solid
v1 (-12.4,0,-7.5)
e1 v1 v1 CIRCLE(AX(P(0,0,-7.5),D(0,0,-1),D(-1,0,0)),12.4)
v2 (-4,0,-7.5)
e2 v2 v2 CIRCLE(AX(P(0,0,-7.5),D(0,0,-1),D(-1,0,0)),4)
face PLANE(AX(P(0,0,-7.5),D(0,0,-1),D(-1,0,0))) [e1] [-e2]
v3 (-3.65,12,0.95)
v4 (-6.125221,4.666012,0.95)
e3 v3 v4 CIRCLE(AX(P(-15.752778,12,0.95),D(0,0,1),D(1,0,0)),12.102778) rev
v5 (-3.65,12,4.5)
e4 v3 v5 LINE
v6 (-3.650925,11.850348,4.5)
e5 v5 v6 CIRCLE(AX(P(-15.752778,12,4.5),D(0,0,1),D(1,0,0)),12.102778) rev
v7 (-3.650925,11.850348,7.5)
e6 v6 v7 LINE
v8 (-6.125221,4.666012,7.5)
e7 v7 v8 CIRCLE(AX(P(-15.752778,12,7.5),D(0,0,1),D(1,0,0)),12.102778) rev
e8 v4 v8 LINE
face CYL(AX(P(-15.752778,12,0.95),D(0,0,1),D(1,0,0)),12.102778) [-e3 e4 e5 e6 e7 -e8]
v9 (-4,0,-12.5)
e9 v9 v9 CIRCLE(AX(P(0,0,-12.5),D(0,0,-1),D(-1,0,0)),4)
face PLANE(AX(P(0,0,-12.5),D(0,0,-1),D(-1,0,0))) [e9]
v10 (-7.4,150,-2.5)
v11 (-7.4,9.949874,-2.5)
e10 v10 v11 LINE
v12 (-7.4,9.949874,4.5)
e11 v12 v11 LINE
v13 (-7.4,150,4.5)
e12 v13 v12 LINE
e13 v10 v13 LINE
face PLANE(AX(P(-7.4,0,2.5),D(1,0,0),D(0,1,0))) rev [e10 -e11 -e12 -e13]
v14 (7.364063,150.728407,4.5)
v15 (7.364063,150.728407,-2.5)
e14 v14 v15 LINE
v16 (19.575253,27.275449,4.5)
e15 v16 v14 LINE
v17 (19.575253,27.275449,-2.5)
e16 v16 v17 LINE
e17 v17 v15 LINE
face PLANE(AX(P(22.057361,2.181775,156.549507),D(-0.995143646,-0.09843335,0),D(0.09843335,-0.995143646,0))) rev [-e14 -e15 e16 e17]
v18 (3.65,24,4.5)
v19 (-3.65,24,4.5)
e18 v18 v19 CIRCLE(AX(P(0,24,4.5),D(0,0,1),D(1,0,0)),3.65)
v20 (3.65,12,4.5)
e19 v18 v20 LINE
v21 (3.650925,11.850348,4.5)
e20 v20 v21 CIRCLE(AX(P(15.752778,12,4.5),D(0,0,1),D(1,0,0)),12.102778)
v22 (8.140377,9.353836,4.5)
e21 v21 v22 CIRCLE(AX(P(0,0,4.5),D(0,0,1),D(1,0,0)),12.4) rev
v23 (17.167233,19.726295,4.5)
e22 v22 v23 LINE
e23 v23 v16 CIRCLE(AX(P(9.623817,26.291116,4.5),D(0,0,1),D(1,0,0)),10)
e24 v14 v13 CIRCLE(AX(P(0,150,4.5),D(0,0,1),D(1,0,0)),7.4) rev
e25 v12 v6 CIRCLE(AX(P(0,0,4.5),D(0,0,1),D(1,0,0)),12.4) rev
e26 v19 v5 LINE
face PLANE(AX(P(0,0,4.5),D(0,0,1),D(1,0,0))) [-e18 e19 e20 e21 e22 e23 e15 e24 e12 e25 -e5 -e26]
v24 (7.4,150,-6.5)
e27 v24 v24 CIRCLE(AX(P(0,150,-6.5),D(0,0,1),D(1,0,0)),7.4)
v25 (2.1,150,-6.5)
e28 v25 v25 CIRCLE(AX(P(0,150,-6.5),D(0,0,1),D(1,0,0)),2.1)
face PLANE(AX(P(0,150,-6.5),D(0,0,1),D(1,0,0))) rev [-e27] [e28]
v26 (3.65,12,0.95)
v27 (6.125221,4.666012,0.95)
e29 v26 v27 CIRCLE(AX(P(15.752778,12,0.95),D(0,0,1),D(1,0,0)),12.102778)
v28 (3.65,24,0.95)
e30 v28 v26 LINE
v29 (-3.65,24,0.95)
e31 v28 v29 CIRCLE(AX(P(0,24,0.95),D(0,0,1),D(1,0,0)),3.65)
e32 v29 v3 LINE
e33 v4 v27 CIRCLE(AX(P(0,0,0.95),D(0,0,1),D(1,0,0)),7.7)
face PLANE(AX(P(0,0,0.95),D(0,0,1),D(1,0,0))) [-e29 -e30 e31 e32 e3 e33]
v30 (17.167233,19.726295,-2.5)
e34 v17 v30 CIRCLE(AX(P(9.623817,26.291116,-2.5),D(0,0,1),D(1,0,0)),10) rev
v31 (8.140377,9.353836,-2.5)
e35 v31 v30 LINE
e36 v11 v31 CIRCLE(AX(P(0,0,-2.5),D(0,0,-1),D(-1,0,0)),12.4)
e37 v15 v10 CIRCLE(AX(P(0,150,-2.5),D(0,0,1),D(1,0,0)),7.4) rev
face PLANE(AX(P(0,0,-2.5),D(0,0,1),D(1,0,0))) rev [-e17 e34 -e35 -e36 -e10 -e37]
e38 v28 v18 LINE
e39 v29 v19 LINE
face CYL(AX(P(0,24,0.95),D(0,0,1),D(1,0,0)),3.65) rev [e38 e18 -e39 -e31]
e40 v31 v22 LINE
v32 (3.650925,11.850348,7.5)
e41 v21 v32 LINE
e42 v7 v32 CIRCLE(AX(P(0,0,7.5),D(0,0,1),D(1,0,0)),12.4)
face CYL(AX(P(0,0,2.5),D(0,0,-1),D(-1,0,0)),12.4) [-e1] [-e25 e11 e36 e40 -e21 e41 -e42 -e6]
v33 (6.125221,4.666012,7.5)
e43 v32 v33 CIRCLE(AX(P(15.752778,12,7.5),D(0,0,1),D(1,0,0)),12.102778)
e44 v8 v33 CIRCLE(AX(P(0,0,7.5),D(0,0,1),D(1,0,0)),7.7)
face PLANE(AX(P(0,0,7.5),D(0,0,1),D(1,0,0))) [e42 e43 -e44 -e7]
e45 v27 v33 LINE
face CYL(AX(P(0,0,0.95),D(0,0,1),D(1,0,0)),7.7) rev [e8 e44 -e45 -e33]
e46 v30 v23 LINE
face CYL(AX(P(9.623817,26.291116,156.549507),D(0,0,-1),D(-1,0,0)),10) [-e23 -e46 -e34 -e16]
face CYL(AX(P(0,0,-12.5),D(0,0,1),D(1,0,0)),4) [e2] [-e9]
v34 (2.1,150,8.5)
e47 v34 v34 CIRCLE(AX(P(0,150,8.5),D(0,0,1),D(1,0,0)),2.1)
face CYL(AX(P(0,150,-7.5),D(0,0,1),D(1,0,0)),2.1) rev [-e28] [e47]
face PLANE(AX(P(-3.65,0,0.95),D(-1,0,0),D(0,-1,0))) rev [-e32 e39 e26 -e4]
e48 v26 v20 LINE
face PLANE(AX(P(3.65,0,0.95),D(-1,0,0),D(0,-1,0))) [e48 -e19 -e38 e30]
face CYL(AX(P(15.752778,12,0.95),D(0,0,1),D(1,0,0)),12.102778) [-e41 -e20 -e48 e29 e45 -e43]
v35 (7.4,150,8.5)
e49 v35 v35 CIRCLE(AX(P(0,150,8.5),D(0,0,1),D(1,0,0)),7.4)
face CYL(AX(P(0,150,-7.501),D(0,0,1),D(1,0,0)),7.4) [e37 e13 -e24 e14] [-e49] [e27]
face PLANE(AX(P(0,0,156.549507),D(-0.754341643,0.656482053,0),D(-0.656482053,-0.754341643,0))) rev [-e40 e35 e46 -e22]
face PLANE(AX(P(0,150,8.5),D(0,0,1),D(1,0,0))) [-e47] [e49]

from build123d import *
from build123d.topology import SkipClean

# Parameters (mm, degrees)
BOSS_EXTRUDE3_DEPTH     = 2.5
SKETCH3_R               = 12.4
BOSS_EXTRUDE5_DEPTH     = 5
BOSS_EXTRUDE8_START     = 5
SKETCH5_R               = 12.4
BOSS_EXTRUDE8_DEPTH     = 5
BOSS_EXTRUDE11_START    = 2
BOSS_EXTRUDE11_DEPTH    = 2
CUT_EXTRUDE3_DEPTH      = 4.5
CUT_EXTRUDE3_DEPTH_BACK = 2.5
BOSS_EXTRUDE12_START    = -7
BOSS_EXTRUDE12_DEPTH    = 7
FILLET1_R               = 10
SKETCH11_R              = 7.4
BOSS_EXTRUDE13_DEPTH    = 7.5
CUT_EXTRUDE6_DEPTH      = 6.55
SKETCH13_R              = 2.1
CUT_EXTRUDE7_DEPTH      = 160.423505726
SKETCH14_R              = 4
BOSS_EXTRUDE15_DEPTH    = 5


with BuildPart() as part:
    # Sketch1 → Boss-Extrude3 (new, symmetric)
    with BuildSketch(Plane.XY):
        with BuildLine():
            Line((7.4, 140.050125629), (7.4, 9.949874371))
            ThreePointArc((7.4, 9.949874371), (0, -12.4), (-7.4, 9.949874371))
            Line((-7.4, 9.949874371), (-7.4, 140.050125629))
            ThreePointArc((-7.4, 140.050125629), (0, 162.4), (7.4, 140.050125629))
        make_face()
    extrude(amount=BOSS_EXTRUDE3_DEPTH, both=True)

    # Sketch3 → Boss-Extrude5 (add)
    with BuildSketch(Plane(origin=(0, 0, -2.5), x_dir=(-1, 0, 0), z_dir=(0, 0, -1))):
        Circle(SKETCH3_R)
    extrude(amount=BOSS_EXTRUDE5_DEPTH)

    # Sketch5 → Boss-Extrude8 (add)
    with SkipClean():  # the faces are left unmerged after this step: merging them gives an invalid solid
        with BuildSketch(Plane.XY.offset(2.5).offset(BOSS_EXTRUDE8_START)):
            with Locations(Location((0, 0, 0), (0, 0, 180))):
                Circle(SKETCH5_R)
        extrude(amount=-BOSS_EXTRUDE8_DEPTH)

    # Sketch6 → Boss-Extrude11 (add)
    with SkipClean():  # the faces are left unmerged after this step: merging them gives an invalid solid
        with BuildSketch(Plane.XY.offset(2.5).offset(BOSS_EXTRUDE11_START)):
            with BuildLine():
                Line((7.4, 9.949874371), (7.4, 140.050125629))
                ThreePointArc((7.4, 140.050125629), (0, 137.6), (-7.4, 140.050125629))
                Line((-7.4, 140.050125629), (-7.4, 9.949874371))
                ThreePointArc((-7.4, 9.949874371), (0, 12.4), (7.4, 9.949874371))
            make_face()
            with BuildLine():
                ThreePointArc((-7.4, 140.050125629), (0, 137.6), (7.4, 140.050125629))
                ThreePointArc((7.4, 140.050125629), (11.079711188, 144.432235637), (12.4, 150))
                ThreePointArc((12.4, 150), (-5.567764363, 161.079711188), (-7.4, 140.050125629))
            make_face()
        extrude(amount=-BOSS_EXTRUDE11_DEPTH)

    # Sketch7 → Cut-Extrude3 (cut, two sides: drawn at the far end of the back side and taken through both)
    with SkipClean():  # the faces are left unmerged after this step: merging them gives an invalid solid
        with BuildSketch(Plane.XY.offset(-CUT_EXTRUDE3_DEPTH_BACK)):
            with BuildLine():
                ThreePointArc((-7.4, 140.050125629), (0, 162.4), (7.4, 140.050125629))
                Line((7.4, 140.050125629), (7.4, 134.868658063))
                Line((7.4, 134.868658063), (31.123214722, 134.868658063))
                Line((31.123214722, 134.868658063), (31.123214722, 164.335219314))
                Line((31.123214722, 164.335219314), (-28.315462738, 164.335219314))
                Line((-28.315462738, 164.335219314), (-28.315462738, 134.868658063))
                Line((-28.315462738, 134.868658063), (-7.4, 134.868658063))
                Line((-7.4, 134.868658063), (-7.4, 140.050125629))
            make_face()
            with BuildLine():
                Line((7.4, 150), (7.4, 140.050125629))
                ThreePointArc((7.4, 140.050125629), (0, 162.4), (-7.4, 140.050125629))
                Line((-7.4, 140.050125629), (-7.4, 150))
                ThreePointArc((-7.4, 150), (0, 157.4), (7.4, 150))
            make_face()
        extrude(amount=CUT_EXTRUDE3_DEPTH + CUT_EXTRUDE3_DEPTH_BACK, mode=Mode.SUBTRACT)

    # Sketch10 → Boss-Extrude12 (add)
    with SkipClean():  # the faces are left unmerged after this step: merging them gives an invalid solid
        with BuildSketch(Plane(origin=(0, 0, -2.5), x_dir=(-1, 0, 0), z_dir=(0, 0, -1)).offset(BOSS_EXTRUDE12_START)):
            with BuildLine():
                Line((-20, 22.981333294), (0, 0))
                Line((0, 0), (0, 12.4))
                ThreePointArc((0, 12.4), (-3.897534977, 11.771542851), (-7.4, 9.949874371))
                Line((-7.4, 9.949874371), (-7.4, 150))
                ThreePointArc((-7.4, 150), (-7.391010284, 150.364646378), (-7.364062978, 150.728406792))
                Line((-7.364062978, 150.728406792), (-20, 22.981333294))
            make_face()
        extrude(amount=BOSS_EXTRUDE12_DEPTH)

    # Fillet1
    fillet1_edges = [part.edges().sort_by_distance(p)[0] for p in [
        (20, 22.981333294, 1),
    ]]
    fillet(fillet1_edges, radius=FILLET1_R)

    # Sketch11 → Boss-Extrude13 (add, symmetric)
    with SkipClean():  # the faces are left unmerged after this step: merging them gives an invalid solid
        with BuildSketch(Plane.XY.offset(1)):
            with Locations((0, 150)):
                Circle(SKETCH11_R)
        extrude(amount=BOSS_EXTRUDE13_DEPTH, both=True)

    # Sketch12 → Cut-Extrude6 (cut)
    with SkipClean():  # the faces are left unmerged after this step: merging them gives an invalid solid
        with BuildSketch(Plane.XY.offset(7.5)):
            with BuildLine():
                Line((-3.65, 24), (-3.65, 12))
                ThreePointArc((-3.65, 12), (-4.285489279, 8.129790131), (-6.125220929, 4.666012063))
                ThreePointArc((-6.125220929, 4.666012063), (0, -7.7), (6.125220929, 4.666012063))
                ThreePointArc((6.125220929, 4.666012063), (4.285489279, 8.129790131), (3.65, 12))
                Line((3.65, 12), (3.65, 24))
                ThreePointArc((3.65, 24), (0, 27.65), (-3.65, 24))
            make_face()
        extrude(amount=-CUT_EXTRUDE6_DEPTH, mode=Mode.SUBTRACT)

    # Sketch13 → Cut-Extrude7 (cut, through all)
    with SkipClean():  # the faces are left unmerged after this step: merging them gives an invalid solid
        with BuildSketch(Plane.XY.offset(8.5)):
            with Locations((0, 150)):
                Circle(SKETCH13_R)
        extrude(amount=-CUT_EXTRUDE7_DEPTH, mode=Mode.SUBTRACT)

    # Sketch14 → Boss-Extrude15 (add)
    with SkipClean():  # the faces are left unmerged after this step: merging them gives an invalid solid
        with BuildSketch(Plane(origin=(0, 0, -7.5), x_dir=(-1, 0, 0), z_dir=(0, 0, -1))):
            Circle(SKETCH14_R)
        extrude(amount=BOSS_EXTRUDE15_DEPTH)


solid = part.part
